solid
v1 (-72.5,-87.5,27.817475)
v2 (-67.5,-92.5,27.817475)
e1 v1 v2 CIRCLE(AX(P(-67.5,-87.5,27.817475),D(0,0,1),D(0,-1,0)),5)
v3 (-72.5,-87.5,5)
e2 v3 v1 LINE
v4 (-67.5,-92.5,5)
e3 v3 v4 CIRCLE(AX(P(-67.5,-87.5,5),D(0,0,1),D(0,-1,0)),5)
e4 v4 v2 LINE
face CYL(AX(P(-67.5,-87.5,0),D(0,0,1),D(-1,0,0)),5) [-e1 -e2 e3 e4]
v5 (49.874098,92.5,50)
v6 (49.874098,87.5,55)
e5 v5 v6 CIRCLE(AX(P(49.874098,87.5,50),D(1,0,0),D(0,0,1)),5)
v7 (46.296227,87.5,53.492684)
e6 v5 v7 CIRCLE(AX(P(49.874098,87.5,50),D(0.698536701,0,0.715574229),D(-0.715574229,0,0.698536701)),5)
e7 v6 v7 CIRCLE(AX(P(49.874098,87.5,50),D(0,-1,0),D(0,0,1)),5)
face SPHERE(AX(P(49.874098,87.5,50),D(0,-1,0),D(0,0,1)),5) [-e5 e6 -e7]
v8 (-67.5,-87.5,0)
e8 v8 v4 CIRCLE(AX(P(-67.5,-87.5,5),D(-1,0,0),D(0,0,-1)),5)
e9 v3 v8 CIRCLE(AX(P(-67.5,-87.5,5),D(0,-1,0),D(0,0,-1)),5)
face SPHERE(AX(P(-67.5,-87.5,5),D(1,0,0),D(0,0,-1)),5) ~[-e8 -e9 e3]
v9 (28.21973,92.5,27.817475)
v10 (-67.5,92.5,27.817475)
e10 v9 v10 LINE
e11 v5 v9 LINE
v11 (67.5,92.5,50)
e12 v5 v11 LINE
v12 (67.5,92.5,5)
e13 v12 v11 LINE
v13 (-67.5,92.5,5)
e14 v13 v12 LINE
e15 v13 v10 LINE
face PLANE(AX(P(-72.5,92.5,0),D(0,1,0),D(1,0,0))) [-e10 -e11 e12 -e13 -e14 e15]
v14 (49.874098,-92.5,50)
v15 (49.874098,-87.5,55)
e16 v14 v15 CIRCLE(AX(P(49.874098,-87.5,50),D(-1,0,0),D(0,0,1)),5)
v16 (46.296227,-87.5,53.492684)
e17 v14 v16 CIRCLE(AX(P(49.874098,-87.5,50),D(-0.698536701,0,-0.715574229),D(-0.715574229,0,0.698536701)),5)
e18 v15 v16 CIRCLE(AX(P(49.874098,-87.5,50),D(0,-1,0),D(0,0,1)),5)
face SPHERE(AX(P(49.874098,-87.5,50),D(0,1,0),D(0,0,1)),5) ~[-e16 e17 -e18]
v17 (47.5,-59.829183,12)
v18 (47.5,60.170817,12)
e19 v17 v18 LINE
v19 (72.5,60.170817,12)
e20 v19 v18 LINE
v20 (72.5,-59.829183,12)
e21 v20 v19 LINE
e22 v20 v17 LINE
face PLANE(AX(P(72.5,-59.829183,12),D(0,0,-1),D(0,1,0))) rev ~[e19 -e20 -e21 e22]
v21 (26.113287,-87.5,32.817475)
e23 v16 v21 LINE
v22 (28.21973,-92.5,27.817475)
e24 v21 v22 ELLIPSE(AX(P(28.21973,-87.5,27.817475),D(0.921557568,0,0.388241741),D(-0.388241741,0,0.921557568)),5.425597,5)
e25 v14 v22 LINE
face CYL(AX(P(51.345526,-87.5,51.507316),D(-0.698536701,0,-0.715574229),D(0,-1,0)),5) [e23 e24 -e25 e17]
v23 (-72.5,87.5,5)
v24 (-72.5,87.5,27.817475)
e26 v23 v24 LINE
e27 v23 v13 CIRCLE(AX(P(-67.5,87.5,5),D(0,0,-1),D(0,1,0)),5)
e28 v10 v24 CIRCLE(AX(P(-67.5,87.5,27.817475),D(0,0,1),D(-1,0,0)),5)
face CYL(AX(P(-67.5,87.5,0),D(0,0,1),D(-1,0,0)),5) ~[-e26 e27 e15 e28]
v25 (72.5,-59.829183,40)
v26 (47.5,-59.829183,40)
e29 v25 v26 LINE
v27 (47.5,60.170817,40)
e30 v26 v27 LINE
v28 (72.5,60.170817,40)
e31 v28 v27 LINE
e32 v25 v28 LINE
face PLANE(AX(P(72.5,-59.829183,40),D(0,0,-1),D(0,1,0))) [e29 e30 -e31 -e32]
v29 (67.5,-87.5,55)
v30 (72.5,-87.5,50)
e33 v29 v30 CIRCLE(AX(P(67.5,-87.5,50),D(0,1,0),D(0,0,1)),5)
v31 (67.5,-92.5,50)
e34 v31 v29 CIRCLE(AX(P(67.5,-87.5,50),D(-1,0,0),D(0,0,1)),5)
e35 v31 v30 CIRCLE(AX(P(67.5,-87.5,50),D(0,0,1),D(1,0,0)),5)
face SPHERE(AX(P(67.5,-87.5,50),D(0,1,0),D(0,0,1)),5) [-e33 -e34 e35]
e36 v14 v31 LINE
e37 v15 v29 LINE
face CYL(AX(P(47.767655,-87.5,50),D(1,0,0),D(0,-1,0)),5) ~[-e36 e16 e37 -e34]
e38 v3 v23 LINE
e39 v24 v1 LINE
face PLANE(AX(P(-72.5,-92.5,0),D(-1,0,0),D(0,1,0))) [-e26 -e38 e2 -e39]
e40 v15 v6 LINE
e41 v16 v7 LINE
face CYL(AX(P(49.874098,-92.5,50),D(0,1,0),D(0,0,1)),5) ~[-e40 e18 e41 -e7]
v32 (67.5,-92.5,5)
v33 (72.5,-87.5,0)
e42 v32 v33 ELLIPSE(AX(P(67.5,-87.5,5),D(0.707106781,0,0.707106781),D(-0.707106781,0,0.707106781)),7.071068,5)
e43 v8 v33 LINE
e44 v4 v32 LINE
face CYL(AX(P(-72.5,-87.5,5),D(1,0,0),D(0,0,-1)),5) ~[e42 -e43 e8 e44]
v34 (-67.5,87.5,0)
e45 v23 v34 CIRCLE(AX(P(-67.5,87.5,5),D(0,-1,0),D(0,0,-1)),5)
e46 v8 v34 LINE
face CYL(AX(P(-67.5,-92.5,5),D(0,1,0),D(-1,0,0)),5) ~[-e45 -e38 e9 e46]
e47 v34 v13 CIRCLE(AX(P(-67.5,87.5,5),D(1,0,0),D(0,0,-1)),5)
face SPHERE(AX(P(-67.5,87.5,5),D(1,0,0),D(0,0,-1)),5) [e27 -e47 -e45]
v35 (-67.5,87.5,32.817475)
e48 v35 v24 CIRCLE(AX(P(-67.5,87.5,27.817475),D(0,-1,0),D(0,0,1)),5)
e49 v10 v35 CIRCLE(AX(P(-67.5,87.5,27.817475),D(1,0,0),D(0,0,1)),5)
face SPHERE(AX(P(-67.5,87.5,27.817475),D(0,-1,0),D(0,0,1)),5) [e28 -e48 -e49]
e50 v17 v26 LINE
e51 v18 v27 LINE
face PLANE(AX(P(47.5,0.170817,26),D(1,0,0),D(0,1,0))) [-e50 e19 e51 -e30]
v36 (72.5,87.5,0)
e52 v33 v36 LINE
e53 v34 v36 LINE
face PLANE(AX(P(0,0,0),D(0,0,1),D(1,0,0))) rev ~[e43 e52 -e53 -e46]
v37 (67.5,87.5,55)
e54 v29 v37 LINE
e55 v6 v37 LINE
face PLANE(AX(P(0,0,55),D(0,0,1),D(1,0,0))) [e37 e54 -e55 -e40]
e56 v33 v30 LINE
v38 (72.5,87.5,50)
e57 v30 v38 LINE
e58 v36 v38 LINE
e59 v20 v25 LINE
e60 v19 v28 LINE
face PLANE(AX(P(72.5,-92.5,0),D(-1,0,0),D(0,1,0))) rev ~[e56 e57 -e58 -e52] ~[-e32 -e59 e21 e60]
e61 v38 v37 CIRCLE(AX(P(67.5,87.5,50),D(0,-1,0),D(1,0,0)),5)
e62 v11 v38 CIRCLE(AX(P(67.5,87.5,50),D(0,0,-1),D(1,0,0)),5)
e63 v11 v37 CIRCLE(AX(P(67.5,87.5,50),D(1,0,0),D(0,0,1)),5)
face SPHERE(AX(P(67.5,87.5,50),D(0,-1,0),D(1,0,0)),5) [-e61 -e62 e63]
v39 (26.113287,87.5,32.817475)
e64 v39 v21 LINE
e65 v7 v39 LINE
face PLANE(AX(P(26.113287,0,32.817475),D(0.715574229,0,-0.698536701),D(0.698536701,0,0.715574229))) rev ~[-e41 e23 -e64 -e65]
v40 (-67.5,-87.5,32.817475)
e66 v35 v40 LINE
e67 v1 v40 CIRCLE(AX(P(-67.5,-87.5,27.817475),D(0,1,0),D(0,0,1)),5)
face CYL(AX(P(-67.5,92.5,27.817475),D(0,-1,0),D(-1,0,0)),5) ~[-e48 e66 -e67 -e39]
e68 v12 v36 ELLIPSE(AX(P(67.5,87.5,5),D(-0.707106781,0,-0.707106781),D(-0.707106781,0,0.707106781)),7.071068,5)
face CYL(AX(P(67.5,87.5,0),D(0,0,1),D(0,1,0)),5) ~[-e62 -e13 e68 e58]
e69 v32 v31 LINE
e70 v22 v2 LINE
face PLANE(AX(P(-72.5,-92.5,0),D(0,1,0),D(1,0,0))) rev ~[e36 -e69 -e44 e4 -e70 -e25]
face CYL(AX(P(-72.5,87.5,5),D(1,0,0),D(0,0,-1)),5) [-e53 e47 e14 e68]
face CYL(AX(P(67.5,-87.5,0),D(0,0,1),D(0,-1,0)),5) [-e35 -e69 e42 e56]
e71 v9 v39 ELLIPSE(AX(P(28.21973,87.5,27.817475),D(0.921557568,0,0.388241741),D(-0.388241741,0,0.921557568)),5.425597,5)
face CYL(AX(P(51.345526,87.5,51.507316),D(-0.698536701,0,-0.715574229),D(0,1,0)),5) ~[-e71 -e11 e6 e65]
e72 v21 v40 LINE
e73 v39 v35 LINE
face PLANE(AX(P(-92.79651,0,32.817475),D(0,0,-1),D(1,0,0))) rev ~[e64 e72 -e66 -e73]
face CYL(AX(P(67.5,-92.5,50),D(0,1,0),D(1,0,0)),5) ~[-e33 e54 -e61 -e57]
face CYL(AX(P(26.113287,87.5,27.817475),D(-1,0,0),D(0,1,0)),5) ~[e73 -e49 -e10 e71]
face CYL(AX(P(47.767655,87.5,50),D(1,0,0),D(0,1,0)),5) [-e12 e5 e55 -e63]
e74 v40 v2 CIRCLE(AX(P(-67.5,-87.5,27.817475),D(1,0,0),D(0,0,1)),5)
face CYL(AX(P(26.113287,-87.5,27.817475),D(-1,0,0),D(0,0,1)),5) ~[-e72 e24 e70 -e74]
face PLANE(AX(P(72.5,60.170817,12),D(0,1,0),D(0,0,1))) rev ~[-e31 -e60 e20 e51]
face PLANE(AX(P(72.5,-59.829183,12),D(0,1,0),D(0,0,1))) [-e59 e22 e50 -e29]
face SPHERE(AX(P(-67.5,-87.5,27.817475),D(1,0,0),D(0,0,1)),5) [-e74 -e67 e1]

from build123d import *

# Parameters (mm, degrees)
F0_W     = 145
F0_H     = 185
F1_DEPTH = 55
F3_DEPTH = 98
F5_W     = 120
F5_H     = 28
F6_DEPTH = 25
F7_R     = 5


with BuildPart() as f1:
    # F0 (on Top) → F1 (new body)
    with BuildSketch(Plane.XY):
        Rectangle(F0_W, F0_H)
    extrude(amount=F1_DEPTH)

    # F2 (on Front) → F3 (cut, symmetric)
    with BuildSketch(Plane.XZ):
        Polygon((-92.57464, 55.003494), (-92.79651, 32.817475), (26.113287, 32.817475), (47.771066, 55.003494), align=None)
    extrude(amount=F3_DEPTH, both=True, mode=Mode.SUBTRACT)

    # F5 (on face) → F6 (cut)
    with BuildSketch(Plane.YZ.offset(72.5)):
        with Locations((0.170817, 26)):
            Rectangle(F5_W, F5_H)
    extrude(amount=-F6_DEPTH, mode=Mode.SUBTRACT)

    # F7
    f7_edges = [f1.edges().sort_by_distance(p)[0] for p in [
        (-23.193357, -92.5, 32.817475),
        (36.940471, -92.5, 43.908738),
        (-72.5, 0, 32.817475),
        (-23.193357, 92.5, 32.817475),
        (36.940471, 92.5, 43.908738),
        (47.767656, 0, 55),
        (72.5, 0, 55),
        (60.133828, -92.5, 55),
        (72.5, -92.5, 27.5),
        (72.5, 92.5, 27.5),
        (60.133828, 92.5, 55),
        (0, -92.5, 0),
        (0, 92.5, 0),
        (-72.5, 0, 0),
        (-72.5, -92.5, 16.408738),
        (-72.5, 92.5, 16.408738),
    ]]
    fillet(f7_edges, radius=F7_R)


solid = f1.part
